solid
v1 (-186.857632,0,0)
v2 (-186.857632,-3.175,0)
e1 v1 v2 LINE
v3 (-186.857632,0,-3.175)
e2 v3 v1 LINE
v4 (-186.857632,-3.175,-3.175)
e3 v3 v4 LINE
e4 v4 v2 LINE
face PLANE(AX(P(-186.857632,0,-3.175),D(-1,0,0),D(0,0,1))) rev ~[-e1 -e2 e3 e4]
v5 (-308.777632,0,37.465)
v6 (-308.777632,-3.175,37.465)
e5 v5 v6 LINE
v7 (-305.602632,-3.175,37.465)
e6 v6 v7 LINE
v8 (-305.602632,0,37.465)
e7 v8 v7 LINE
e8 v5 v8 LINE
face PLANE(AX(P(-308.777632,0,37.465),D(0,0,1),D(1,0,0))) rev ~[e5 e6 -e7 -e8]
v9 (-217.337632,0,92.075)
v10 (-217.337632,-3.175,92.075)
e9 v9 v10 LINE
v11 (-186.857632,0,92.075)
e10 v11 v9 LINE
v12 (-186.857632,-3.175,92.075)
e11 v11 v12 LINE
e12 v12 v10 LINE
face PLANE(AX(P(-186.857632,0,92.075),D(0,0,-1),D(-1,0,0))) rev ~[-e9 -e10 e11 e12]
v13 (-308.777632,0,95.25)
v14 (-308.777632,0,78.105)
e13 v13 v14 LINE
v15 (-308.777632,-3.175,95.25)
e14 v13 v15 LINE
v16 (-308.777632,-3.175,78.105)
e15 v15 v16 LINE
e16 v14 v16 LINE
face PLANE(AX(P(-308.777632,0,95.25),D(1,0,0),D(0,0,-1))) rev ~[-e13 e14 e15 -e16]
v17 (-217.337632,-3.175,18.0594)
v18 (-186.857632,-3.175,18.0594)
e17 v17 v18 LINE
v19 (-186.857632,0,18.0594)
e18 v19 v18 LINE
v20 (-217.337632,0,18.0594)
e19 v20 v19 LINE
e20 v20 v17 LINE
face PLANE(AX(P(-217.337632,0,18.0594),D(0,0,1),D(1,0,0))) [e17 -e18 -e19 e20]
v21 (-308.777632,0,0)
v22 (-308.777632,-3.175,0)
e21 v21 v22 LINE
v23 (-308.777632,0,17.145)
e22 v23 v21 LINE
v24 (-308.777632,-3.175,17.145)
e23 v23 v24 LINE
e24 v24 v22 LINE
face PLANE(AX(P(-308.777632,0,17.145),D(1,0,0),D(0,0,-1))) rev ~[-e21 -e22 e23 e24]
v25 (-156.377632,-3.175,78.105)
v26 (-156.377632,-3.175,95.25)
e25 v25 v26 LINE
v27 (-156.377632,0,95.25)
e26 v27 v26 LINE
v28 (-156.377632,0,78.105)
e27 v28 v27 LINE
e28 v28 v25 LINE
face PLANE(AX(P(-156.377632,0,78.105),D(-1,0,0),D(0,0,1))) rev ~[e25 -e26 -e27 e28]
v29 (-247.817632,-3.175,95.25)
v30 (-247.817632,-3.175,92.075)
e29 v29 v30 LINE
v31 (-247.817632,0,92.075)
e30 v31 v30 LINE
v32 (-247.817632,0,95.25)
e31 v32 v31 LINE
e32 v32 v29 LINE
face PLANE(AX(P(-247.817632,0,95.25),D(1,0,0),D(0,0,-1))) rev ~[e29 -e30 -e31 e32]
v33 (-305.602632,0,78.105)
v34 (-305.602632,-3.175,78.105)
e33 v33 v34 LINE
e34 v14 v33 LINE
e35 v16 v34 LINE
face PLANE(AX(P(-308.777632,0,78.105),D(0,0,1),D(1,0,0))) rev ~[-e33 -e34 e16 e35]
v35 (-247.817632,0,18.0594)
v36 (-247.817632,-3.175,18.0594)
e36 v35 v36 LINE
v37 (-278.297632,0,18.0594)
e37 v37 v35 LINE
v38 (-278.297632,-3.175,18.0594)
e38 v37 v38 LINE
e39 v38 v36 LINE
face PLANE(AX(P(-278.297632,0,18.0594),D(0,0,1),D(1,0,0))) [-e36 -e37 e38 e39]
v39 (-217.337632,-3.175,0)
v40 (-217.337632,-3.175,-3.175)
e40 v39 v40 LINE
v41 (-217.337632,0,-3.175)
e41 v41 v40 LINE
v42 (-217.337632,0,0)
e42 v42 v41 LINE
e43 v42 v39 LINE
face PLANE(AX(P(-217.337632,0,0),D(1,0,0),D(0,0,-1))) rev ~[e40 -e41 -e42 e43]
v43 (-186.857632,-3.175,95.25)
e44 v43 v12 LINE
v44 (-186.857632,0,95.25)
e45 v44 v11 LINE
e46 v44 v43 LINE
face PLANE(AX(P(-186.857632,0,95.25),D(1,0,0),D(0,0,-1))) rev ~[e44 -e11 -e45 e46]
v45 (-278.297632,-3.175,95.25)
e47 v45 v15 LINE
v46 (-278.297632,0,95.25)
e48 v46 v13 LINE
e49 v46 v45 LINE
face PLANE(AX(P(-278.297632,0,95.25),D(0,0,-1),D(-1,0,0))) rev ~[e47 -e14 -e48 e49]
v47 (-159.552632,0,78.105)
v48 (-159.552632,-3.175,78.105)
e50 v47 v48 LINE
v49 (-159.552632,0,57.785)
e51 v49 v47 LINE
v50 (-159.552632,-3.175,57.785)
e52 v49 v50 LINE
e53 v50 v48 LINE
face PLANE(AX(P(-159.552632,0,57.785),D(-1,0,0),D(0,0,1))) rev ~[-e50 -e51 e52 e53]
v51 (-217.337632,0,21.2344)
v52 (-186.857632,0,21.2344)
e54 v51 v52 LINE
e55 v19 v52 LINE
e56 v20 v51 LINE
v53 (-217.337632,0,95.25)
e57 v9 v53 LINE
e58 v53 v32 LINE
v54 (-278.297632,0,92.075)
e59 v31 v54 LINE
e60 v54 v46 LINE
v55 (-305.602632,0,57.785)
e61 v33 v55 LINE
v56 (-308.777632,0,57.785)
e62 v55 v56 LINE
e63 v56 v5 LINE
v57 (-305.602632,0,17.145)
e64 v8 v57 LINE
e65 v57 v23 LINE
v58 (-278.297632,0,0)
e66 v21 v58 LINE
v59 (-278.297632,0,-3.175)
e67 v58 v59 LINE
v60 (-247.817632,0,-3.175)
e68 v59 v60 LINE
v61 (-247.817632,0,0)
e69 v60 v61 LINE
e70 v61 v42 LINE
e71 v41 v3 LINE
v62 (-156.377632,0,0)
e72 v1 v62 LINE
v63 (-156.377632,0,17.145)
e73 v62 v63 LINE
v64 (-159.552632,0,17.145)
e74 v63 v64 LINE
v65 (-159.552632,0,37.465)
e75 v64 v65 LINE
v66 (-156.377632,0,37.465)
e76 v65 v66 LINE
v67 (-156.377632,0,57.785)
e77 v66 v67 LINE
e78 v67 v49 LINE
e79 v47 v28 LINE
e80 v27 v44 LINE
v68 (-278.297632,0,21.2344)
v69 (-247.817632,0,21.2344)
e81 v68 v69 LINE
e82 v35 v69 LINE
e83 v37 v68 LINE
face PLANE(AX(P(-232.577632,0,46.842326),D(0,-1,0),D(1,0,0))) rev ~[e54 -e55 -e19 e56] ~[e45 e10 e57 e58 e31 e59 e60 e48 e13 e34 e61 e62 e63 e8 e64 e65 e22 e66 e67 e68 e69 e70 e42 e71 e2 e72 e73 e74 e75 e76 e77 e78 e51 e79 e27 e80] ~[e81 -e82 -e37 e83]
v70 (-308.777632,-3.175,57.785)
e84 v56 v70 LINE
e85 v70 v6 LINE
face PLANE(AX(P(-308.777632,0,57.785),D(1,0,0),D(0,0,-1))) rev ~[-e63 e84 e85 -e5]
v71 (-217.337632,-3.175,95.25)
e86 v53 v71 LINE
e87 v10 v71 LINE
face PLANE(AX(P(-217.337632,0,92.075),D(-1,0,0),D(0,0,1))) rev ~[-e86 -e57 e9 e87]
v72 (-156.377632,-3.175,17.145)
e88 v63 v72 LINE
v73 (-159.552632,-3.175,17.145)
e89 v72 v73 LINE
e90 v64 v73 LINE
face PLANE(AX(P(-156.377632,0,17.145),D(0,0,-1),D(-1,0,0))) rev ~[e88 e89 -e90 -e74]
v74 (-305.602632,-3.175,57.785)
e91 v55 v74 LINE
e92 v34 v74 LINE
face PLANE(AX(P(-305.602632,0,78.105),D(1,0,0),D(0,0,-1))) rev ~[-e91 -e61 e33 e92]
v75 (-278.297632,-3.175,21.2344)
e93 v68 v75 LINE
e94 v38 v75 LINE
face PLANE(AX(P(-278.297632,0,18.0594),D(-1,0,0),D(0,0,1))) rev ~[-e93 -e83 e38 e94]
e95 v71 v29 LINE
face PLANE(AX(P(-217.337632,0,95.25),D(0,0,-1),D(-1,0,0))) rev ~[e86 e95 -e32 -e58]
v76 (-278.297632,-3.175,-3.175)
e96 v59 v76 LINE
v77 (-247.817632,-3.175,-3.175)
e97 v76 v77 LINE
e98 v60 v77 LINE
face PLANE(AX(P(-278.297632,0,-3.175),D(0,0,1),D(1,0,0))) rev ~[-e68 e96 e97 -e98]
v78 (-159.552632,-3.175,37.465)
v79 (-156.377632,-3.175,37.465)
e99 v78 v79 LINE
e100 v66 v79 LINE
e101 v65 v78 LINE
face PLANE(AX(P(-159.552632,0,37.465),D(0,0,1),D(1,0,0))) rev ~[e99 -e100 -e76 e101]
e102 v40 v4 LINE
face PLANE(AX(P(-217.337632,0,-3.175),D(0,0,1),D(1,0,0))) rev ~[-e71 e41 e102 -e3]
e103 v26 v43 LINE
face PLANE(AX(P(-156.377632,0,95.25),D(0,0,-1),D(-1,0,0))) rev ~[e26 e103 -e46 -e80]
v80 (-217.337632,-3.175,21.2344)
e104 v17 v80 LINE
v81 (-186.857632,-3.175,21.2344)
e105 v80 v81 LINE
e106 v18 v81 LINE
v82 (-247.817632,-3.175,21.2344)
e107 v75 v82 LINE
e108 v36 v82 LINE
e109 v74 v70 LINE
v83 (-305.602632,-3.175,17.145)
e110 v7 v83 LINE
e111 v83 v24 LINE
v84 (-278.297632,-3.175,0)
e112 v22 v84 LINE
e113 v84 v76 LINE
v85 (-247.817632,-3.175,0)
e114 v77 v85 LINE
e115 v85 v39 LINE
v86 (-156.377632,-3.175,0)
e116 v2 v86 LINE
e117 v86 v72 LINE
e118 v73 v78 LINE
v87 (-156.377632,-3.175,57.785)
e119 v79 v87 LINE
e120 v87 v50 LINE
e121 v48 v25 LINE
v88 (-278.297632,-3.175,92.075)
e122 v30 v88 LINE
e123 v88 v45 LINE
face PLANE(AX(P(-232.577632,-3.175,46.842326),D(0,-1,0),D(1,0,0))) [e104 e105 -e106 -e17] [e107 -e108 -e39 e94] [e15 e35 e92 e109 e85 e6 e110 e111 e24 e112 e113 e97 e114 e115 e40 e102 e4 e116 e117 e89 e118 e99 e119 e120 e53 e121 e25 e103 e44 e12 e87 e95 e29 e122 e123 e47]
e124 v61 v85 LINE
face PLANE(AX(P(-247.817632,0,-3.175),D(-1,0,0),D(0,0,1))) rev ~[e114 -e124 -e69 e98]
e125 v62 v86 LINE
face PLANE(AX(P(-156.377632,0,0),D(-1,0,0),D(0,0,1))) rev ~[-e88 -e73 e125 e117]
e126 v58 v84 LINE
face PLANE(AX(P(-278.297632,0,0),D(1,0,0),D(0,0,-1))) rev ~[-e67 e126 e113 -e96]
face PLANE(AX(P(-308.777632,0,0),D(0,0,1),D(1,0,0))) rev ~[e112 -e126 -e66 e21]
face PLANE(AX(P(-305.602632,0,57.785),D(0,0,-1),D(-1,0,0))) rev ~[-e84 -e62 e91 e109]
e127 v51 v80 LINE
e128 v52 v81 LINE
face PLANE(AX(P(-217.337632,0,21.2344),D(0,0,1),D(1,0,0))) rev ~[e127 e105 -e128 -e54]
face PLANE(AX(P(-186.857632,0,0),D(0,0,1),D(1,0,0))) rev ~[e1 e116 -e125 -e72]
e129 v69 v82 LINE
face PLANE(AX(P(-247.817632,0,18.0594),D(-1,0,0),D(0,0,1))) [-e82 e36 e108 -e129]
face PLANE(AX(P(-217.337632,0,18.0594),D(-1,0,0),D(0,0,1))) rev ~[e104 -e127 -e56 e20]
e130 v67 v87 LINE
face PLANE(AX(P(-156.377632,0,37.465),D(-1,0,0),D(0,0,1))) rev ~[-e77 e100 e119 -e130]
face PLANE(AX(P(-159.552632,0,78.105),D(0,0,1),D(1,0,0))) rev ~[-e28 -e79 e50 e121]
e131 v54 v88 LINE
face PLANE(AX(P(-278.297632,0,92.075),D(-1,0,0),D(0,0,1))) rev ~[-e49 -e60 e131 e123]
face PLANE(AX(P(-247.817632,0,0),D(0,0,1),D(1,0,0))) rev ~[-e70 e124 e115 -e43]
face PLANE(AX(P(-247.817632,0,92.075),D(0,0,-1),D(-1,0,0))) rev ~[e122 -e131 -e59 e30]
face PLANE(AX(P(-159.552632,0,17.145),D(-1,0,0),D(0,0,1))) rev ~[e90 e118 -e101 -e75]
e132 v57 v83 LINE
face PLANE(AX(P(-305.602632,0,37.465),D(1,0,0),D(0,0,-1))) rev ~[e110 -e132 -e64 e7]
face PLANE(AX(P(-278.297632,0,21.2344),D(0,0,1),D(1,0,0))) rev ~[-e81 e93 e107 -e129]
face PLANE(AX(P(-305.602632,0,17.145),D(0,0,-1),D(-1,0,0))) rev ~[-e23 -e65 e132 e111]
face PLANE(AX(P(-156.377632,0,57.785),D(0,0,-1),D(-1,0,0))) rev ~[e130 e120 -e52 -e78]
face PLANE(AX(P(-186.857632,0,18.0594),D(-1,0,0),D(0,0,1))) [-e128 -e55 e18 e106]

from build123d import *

# Parameters (mm, degrees)
F0_W     = 30.48
F0_H     = 3.175
F1_DEPTH = 3.175


with BuildPart() as f1:
    # F0 (on Front) → F1 (new body)
    with BuildSketch(Plane.XZ):
        Polygon((-308.777632, 17.145), (-308.777632, 0), (-278.297632, 0), (-278.297632, -3.175), (-247.817632, -3.175), (-247.817632, 0), (-217.337632, 0), (-217.337632, -3.175), (-186.857632, -3.175), (-186.857632, 0), (-156.377632, 0), (-156.377632, 17.145), (-159.552632, 17.145), (-159.552632, 37.465), (-156.377632, 37.465), (-156.377632, 57.785), (-159.552632, 57.785), (-159.552632, 78.105), (-156.377632, 78.105), (-156.377632, 95.25), (-186.857632, 95.25), (-186.857632, 92.075), (-217.337632, 92.075), (-217.337632, 95.25), (-247.817632, 95.25), (-247.817632, 92.075), (-278.297632, 92.075), (-278.297632, 95.25), (-308.777632, 95.25), (-308.777632, 78.105), (-305.602632, 78.105), (-305.602632, 57.785), (-308.777632, 57.785), (-308.777632, 37.465), (-305.602632, 37.465), (-305.602632, 17.145), align=None)
        with Locations((-263.057632, 19.6469)):
            Rectangle(F0_W, F0_H, mode=Mode.SUBTRACT)
        with Locations((-202.097632, 19.6469)):
            Rectangle(F0_W, F0_H, mode=Mode.SUBTRACT)
    extrude(amount=F1_DEPTH)


solid = f1.part
